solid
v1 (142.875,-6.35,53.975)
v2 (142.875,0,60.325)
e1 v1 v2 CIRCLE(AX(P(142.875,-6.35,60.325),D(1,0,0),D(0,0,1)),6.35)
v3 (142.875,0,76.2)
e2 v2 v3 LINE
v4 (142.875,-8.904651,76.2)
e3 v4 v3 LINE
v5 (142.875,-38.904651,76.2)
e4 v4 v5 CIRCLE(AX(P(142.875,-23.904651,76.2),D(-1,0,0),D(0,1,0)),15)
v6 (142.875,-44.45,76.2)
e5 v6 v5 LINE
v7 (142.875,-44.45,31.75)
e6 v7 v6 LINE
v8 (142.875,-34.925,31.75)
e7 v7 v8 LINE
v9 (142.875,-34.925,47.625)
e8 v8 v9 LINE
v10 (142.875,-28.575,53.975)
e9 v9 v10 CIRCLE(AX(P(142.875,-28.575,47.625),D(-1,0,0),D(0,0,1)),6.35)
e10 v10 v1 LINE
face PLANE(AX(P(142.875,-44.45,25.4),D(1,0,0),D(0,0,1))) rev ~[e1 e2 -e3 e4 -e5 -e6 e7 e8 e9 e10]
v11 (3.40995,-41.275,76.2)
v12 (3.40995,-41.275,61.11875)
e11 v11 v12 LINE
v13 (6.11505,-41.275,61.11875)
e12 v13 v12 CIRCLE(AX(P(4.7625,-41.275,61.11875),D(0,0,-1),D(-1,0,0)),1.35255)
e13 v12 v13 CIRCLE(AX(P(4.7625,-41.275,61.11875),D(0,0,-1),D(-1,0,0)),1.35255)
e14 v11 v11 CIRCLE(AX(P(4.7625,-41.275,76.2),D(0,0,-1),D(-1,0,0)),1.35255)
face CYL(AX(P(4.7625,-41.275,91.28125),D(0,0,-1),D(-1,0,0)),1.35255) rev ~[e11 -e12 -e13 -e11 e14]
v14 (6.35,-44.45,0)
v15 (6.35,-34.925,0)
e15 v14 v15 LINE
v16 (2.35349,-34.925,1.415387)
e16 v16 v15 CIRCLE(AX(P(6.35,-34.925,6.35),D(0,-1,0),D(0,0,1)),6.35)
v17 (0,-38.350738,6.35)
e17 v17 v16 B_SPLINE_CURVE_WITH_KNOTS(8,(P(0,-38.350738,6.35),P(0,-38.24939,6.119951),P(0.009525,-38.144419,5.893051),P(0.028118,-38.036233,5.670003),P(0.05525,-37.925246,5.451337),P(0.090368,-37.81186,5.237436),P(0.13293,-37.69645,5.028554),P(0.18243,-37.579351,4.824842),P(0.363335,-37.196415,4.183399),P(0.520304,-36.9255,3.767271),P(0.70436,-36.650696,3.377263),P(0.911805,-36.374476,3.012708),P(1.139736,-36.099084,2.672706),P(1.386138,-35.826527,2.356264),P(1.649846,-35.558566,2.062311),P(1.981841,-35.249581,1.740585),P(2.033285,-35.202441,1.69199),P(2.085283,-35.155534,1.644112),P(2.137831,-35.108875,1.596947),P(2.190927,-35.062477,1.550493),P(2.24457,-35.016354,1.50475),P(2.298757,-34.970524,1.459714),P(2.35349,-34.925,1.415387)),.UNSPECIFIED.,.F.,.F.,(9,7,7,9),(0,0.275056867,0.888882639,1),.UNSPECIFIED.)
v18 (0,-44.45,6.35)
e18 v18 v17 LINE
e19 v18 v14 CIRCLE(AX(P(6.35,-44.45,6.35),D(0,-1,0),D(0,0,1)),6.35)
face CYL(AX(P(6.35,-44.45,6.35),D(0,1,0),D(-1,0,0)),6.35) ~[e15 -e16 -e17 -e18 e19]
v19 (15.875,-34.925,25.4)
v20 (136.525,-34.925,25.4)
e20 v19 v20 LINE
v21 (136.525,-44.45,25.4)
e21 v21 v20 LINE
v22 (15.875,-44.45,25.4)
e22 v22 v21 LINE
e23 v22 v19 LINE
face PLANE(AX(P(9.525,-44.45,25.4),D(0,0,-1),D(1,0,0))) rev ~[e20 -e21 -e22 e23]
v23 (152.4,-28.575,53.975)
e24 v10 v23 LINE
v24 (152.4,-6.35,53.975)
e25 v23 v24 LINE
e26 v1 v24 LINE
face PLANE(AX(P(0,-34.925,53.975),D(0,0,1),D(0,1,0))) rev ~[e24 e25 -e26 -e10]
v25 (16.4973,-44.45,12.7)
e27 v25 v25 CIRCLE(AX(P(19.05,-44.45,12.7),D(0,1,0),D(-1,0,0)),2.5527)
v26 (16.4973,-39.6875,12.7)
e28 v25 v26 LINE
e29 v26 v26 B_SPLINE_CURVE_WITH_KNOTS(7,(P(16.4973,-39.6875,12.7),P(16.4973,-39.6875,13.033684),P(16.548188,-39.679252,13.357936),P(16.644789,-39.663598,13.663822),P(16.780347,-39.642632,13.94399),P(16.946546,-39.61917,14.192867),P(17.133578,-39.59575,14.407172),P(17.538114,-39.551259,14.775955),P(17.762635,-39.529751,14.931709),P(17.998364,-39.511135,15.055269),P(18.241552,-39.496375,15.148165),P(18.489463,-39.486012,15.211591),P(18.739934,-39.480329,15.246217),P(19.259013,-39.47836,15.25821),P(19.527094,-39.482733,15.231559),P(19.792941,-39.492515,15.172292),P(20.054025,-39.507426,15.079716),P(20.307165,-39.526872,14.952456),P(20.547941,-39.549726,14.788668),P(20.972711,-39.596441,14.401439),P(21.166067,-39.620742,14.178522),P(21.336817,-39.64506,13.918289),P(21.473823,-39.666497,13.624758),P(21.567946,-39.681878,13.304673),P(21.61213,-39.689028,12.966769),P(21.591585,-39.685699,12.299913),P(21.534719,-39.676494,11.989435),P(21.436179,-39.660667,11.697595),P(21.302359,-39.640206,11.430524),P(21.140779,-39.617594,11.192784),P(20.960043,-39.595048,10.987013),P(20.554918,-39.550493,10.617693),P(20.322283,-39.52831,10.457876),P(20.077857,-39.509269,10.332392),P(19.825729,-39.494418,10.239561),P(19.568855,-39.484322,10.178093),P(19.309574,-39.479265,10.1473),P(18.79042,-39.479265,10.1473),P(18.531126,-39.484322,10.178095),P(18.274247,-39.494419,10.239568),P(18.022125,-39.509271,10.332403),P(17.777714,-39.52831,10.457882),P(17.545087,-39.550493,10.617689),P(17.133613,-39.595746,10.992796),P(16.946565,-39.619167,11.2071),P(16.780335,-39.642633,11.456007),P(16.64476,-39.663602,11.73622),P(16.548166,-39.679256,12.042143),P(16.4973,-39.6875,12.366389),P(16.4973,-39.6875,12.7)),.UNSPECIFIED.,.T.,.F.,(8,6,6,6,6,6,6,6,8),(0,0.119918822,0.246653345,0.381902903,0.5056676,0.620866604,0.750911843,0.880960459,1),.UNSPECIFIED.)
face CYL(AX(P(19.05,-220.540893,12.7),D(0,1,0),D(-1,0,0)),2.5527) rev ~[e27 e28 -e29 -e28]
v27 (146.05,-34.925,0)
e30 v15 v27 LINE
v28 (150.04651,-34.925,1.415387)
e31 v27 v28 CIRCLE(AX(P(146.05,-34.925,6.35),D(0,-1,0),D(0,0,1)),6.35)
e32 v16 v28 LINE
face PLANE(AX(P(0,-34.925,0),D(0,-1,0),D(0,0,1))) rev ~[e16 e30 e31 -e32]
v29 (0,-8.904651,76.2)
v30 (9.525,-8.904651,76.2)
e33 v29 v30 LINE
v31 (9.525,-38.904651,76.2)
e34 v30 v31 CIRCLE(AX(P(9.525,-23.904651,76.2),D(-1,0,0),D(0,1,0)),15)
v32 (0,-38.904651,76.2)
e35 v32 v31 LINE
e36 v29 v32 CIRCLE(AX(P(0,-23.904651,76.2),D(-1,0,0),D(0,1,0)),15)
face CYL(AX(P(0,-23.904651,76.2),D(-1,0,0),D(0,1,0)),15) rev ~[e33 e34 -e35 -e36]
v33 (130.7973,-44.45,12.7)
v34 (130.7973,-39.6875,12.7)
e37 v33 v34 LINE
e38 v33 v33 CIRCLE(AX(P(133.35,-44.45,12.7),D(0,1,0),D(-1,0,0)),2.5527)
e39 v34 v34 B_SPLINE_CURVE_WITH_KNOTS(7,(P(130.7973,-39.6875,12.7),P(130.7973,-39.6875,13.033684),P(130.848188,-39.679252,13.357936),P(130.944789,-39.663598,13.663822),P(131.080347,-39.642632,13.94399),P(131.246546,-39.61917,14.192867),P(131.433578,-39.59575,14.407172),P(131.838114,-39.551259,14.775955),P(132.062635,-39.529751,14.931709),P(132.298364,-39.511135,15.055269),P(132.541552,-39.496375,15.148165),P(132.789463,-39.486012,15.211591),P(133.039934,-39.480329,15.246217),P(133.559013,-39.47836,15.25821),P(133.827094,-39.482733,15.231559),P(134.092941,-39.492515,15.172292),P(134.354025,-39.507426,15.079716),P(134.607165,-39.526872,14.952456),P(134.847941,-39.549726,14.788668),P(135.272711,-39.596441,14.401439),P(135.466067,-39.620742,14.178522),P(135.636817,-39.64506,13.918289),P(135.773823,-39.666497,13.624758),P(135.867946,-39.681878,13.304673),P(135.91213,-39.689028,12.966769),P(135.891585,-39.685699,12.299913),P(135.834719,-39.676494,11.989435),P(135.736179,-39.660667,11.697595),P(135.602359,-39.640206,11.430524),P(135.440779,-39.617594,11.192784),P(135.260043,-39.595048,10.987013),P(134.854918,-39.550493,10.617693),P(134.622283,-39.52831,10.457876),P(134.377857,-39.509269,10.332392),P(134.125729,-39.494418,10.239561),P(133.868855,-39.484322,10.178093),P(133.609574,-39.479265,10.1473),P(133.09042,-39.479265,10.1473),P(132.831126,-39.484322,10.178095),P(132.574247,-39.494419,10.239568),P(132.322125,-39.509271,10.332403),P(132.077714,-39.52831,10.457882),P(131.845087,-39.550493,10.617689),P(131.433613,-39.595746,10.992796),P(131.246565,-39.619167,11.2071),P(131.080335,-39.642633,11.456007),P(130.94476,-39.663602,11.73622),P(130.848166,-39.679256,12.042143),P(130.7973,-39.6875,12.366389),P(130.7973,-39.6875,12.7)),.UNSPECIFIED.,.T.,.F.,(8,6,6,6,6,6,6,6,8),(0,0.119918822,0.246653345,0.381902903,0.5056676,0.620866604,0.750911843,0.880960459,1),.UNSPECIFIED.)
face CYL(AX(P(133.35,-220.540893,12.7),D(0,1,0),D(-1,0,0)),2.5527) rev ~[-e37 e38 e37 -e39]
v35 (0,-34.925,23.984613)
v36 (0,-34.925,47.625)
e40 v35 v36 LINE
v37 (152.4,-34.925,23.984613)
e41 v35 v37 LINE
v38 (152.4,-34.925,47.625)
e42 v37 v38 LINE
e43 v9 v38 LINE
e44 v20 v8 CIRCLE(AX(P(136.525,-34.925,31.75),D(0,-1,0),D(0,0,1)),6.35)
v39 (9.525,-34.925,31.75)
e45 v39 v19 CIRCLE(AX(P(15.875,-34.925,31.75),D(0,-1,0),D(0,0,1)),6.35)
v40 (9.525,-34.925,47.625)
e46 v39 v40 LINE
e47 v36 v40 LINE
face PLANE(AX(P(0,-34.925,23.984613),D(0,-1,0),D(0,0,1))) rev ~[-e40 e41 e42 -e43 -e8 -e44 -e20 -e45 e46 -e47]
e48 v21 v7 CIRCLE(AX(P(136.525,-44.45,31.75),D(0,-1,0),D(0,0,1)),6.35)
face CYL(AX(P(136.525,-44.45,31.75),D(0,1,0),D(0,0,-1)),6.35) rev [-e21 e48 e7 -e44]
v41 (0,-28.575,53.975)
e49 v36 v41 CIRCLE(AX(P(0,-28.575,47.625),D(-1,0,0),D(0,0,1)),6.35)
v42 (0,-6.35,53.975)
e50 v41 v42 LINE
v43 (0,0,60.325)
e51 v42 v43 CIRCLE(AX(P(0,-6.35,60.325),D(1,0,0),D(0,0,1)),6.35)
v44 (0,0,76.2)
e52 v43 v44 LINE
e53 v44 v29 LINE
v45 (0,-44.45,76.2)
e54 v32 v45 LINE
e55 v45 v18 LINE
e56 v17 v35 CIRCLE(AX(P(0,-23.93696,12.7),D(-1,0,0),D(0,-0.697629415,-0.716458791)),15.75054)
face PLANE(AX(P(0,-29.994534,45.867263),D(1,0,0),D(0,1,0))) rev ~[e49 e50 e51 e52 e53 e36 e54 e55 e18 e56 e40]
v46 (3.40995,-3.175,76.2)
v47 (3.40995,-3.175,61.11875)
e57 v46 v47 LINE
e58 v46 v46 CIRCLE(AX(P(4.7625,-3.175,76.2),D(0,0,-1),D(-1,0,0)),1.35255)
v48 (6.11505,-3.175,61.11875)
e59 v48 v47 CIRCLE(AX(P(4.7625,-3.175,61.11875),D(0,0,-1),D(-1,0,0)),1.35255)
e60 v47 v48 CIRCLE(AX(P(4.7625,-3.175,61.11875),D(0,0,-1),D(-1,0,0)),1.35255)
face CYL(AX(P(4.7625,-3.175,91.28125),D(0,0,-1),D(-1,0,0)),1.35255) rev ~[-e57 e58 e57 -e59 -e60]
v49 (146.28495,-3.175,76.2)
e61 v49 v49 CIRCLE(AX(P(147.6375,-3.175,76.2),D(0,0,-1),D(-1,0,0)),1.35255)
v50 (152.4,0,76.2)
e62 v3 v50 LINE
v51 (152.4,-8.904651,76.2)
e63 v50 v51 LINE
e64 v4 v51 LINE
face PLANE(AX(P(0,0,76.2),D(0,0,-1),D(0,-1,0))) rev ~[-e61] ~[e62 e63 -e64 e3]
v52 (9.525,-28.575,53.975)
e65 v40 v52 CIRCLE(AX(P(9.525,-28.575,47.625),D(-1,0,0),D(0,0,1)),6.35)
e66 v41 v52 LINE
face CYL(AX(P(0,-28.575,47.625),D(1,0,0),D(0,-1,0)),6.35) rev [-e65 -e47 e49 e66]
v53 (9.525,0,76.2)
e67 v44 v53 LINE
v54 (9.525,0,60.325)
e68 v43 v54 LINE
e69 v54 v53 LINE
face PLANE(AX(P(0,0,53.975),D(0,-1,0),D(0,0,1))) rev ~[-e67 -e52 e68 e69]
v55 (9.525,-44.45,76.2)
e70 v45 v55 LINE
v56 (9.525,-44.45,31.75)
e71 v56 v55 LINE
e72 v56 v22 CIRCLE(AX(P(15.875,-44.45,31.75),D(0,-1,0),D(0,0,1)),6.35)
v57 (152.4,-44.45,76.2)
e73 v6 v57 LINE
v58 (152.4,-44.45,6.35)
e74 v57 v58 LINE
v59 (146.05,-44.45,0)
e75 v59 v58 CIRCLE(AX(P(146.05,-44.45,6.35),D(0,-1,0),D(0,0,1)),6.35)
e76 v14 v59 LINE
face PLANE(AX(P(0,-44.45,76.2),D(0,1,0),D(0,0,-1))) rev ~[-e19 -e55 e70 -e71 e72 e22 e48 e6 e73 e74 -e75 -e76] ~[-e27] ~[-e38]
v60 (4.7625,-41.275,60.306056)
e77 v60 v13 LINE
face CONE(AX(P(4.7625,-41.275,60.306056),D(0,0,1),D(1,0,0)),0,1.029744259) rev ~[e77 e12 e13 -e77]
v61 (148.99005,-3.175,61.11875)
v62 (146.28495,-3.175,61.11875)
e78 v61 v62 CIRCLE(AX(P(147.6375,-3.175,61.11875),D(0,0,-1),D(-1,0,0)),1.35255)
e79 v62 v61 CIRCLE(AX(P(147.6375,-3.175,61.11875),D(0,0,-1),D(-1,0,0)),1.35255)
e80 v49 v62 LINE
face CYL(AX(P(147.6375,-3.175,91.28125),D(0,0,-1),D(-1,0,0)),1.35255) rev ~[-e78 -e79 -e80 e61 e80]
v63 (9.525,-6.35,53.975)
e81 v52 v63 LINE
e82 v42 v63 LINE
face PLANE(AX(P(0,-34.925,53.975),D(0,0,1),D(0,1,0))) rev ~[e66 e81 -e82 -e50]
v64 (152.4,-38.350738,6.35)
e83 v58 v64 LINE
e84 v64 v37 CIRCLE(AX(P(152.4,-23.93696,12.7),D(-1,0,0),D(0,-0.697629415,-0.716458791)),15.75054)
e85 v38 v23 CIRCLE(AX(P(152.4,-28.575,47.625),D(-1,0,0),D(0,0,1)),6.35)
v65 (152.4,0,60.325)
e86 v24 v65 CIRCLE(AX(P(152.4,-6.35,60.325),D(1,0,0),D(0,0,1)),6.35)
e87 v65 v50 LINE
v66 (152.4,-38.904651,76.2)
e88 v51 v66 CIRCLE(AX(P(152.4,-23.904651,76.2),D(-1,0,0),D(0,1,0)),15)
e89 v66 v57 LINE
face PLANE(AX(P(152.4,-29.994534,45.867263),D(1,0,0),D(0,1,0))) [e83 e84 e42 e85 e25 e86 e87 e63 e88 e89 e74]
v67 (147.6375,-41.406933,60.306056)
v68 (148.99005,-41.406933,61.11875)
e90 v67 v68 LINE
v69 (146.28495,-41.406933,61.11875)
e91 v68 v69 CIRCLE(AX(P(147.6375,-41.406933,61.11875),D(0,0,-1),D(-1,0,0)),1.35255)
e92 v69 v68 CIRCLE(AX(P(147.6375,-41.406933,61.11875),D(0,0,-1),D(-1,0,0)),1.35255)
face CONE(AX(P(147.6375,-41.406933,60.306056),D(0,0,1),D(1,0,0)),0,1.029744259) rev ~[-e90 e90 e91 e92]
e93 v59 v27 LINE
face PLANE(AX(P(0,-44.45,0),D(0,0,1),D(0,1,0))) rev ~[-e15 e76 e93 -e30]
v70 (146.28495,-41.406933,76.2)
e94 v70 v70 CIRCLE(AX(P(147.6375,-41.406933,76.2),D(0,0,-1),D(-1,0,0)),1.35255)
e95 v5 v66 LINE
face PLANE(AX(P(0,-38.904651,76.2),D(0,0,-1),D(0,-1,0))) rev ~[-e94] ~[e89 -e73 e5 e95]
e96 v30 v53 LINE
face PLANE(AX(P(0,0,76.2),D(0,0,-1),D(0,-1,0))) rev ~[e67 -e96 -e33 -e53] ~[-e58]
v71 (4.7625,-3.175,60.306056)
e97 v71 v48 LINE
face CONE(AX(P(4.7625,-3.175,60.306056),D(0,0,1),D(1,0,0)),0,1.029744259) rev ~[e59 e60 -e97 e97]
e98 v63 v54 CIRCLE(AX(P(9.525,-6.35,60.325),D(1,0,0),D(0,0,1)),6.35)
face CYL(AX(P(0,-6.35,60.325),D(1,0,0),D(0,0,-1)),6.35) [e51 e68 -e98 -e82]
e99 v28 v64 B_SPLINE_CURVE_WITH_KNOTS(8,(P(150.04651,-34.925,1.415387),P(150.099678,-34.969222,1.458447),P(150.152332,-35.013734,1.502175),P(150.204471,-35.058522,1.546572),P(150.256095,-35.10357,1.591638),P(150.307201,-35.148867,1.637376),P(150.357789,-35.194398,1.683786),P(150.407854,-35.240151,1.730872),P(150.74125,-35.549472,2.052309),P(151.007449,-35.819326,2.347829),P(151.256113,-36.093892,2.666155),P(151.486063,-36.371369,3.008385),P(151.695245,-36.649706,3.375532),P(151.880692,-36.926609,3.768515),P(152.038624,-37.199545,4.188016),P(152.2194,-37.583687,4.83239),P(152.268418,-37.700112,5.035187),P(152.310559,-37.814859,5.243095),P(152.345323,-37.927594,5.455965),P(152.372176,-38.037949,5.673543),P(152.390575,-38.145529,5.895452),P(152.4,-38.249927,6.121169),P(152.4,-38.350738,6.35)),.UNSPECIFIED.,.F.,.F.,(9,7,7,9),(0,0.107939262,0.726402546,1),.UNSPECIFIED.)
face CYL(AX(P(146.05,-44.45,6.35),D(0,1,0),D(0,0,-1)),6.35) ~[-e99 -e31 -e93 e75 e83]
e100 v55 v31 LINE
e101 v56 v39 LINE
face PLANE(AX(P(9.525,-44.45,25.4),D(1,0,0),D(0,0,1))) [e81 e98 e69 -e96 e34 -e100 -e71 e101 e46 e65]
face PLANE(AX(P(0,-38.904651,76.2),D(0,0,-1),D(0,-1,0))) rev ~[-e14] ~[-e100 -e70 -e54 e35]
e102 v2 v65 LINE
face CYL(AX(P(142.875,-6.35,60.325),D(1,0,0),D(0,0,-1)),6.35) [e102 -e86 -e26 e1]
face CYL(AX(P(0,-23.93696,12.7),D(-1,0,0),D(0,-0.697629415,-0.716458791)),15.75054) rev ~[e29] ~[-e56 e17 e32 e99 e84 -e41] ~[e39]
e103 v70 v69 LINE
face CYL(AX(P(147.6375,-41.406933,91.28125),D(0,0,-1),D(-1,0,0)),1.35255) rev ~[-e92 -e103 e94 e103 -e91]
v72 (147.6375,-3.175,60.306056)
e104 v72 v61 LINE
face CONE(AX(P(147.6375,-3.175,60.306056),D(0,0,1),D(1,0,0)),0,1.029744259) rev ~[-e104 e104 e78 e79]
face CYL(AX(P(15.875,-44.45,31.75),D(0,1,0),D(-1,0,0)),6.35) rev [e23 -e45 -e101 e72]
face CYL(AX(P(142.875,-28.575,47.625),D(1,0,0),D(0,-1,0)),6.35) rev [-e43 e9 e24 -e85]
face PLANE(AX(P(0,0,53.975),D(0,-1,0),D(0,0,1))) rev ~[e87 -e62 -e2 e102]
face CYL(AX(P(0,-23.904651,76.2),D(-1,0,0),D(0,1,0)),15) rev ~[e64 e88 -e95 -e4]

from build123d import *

# Parameters (mm, degrees)
F1_DEPTH = 152.4
F2_W     = 133.35
F2_H     = 50.8
F3_DEPTH = 44.451
F4_R     = 6.35
F6_D     = 5.1054
F8_D     = 2.7051
F8_DEPTH = 15.08125
F8_TIP   = 0.8126940303


with BuildPart() as f1:
    # F0 (on Right) → F1 (new body)
    with BuildSketch(Plane.YZ):
        with BuildLine():
            ThreePointArc((-8.9046512, 76.2), (-23.9046512, 61.2), (-38.9046512, 76.2))
            Line((-38.9046512, 76.2), (-44.45, 76.2))
            Line((-44.45, 76.2), (-44.45, 0))
            Line((-44.45, 0), (-34.925, 0))
            Line((-34.925, 0), (-34.925, 1.4153871466))
            ThreePointArc((-34.925, 1.4153871466), (-39.6875, 12.7), (-34.925, 23.9846128534))
            Line((-34.925, 23.9846128534), (-34.925, 53.975))
            Line((-34.925, 53.975), (0, 53.975))
            Line((0, 53.975), (0, 76.2))
            Line((0, 76.2), (-8.9046512, 76.2))
        make_face()
    extrude(amount=F1_DEPTH)

    # F2 (on face) → F3 (cut, through all)
    with BuildSketch(Plane.XZ.offset(44.45)):
        with Locations((76.2, 50.8)):
            Rectangle(F2_W, F2_H)
    extrude(amount=-F3_DEPTH, mode=Mode.SUBTRACT)

    # F4
    f4_edges = [f1.edges().sort_by_distance(p)[0] for p in [
        (147.6375, 0, 53.975),
        (4.7625, 0, 53.975),
        (4.7625, -34.925, 53.975),
        (147.6375, -34.925, 53.975),
        (152.4, -39.6875, 0),
        (0, -39.6875, 0),
        (142.875, -39.6875, 25.4),
        (9.525, -39.6875, 25.4),
    ]]
    fillet(f4_edges, radius=F4_R)

    # F6 (through all)
    with Locations(Plane.XZ.offset(44.45)):
        with Locations((19.05, 12.7), (133.35, 12.7)):
            Hole(F6_D / 2)

    # F8
    with Locations(Plane.XY.offset(76.2)):
        with Locations((4.7625, -3.175), (4.7625, -41.275), (147.6375, -3.175), (147.6375, -41.4069328651)):
            Hole(F8_D / 2, depth=F8_DEPTH)
            with Locations((0, 0, -(F8_DEPTH + F8_TIP / 2))):  # 118° drill point
                Cone(0, F8_D / 2, F8_TIP, mode=Mode.SUBTRACT)


solid = f1.part
